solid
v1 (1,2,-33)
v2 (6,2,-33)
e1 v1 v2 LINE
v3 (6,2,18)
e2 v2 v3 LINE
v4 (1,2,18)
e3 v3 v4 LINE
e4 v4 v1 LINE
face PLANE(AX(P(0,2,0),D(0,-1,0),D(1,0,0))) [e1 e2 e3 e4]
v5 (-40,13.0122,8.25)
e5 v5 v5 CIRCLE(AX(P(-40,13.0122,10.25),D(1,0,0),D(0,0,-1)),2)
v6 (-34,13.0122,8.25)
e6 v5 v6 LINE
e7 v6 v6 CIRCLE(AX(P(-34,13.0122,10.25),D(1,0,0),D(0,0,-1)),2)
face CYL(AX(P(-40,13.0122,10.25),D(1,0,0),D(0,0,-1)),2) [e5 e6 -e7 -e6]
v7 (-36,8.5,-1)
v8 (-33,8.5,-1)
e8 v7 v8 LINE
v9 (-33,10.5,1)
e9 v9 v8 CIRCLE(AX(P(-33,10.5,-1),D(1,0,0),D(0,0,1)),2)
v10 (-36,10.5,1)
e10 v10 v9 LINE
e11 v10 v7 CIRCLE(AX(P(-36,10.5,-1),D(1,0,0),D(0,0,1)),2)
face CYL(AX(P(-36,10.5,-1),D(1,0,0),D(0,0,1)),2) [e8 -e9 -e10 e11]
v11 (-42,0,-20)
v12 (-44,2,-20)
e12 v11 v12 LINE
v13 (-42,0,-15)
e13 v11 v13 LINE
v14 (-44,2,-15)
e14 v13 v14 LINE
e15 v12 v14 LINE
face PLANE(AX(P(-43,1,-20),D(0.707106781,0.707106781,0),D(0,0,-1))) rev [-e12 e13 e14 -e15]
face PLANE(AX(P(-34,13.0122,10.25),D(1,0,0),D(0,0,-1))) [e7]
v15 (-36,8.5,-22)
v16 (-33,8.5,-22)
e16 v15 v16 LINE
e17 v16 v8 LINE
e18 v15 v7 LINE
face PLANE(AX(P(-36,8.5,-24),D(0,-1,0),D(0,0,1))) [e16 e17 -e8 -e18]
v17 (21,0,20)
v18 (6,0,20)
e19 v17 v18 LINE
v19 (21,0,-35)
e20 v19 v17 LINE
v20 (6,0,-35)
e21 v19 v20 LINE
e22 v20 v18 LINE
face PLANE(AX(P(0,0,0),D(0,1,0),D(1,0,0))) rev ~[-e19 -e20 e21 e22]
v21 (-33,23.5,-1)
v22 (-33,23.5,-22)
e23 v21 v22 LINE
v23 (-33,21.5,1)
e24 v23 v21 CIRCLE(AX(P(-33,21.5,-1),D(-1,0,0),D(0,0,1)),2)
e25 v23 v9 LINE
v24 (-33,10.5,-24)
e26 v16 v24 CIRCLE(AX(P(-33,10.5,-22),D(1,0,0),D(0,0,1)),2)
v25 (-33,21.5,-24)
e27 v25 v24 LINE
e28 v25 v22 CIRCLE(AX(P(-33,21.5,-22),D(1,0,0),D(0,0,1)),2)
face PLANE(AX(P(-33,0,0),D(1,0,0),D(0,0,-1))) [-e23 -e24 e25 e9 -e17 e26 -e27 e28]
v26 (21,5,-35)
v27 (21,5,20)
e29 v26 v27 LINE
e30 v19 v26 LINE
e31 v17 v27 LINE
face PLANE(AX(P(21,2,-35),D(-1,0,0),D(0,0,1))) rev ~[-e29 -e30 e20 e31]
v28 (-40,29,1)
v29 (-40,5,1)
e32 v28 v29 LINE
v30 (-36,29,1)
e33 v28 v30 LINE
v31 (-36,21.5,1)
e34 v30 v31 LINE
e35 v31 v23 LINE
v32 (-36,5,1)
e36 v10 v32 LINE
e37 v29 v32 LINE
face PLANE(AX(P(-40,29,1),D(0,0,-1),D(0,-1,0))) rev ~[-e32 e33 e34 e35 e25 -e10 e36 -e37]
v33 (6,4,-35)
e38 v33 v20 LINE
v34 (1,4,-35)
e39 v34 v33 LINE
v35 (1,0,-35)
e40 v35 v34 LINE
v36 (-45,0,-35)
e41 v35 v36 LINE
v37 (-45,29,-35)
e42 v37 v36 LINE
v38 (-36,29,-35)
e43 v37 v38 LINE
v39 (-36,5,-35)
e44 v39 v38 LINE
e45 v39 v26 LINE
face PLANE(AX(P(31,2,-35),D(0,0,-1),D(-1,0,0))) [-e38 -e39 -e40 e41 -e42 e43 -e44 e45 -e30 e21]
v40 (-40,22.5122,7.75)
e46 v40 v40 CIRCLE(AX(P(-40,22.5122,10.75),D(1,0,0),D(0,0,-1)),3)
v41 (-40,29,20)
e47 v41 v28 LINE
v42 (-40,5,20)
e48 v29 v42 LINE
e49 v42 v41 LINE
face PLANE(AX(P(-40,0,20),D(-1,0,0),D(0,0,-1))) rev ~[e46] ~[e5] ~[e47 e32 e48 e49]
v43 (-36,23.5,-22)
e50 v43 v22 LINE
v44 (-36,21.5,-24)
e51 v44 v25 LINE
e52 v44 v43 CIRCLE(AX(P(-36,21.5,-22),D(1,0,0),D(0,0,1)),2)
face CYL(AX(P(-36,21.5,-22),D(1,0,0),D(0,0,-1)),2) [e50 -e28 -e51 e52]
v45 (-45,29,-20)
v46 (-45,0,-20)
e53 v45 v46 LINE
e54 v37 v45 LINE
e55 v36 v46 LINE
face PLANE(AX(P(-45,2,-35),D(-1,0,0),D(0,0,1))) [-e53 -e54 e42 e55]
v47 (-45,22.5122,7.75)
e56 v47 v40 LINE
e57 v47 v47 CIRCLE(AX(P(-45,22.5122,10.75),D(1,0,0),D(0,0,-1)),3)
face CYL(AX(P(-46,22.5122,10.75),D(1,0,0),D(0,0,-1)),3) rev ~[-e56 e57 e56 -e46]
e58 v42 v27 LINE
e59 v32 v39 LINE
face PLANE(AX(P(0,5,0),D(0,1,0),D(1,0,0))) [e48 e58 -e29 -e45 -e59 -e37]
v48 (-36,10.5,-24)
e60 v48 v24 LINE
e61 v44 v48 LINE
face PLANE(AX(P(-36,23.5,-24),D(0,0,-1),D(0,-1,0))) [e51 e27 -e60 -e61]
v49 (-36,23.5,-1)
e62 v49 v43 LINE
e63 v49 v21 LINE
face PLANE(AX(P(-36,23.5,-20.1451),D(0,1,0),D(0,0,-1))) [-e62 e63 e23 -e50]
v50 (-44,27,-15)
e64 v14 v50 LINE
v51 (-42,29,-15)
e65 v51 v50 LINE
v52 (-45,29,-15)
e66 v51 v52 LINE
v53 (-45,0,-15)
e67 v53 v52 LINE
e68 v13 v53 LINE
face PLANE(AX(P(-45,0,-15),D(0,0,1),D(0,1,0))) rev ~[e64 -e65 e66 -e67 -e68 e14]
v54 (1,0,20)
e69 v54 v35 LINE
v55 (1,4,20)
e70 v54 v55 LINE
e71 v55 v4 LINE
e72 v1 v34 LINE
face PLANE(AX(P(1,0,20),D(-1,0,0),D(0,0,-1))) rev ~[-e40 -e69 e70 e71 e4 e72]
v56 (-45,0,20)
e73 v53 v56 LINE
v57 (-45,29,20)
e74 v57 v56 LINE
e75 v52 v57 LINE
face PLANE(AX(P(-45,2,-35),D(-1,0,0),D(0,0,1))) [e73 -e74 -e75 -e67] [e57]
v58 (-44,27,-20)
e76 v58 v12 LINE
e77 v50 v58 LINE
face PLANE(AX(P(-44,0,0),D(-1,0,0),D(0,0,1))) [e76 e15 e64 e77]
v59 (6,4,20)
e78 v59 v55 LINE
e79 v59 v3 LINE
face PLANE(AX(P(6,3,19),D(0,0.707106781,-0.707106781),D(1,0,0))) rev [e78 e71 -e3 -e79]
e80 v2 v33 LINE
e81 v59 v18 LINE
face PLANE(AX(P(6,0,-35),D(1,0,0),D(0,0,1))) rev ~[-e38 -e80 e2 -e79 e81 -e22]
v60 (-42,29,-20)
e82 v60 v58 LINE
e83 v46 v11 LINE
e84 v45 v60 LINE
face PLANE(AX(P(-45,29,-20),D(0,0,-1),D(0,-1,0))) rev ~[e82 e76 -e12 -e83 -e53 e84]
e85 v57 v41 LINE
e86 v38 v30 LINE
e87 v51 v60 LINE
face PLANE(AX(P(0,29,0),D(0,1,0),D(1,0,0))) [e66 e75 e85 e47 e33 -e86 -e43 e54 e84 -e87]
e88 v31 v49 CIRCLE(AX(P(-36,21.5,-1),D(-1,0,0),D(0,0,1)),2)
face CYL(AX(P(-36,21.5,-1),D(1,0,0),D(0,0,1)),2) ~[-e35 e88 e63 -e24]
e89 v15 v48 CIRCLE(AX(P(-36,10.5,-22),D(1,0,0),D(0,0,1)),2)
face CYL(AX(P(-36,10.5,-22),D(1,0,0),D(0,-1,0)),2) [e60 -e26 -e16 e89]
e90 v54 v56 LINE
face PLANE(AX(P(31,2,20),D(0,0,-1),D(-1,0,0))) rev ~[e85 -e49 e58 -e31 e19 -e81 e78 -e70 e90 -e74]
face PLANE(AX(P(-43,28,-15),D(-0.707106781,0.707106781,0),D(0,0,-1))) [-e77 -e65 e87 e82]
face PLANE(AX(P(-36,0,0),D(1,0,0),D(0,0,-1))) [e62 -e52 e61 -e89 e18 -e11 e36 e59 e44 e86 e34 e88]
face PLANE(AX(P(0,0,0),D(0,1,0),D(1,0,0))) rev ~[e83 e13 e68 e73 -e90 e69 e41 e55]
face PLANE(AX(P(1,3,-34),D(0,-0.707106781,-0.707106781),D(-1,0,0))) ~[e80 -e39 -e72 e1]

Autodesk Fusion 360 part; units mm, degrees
sketch "Sketch1" plane through (0, 0, 0) normal (0, 1, 0) x (1, 0, 0)
  line L0 (-40, 35) -> (31, 35)
  line L1 (31, 35) -> (31, -20)
  line L2 (31, -20) -> (-40, -20)
  line L3 (-40, -20) -> (-40, 35)
  line L4 (-40, 35) -> (-45, 35)
  line L5 (-45, 35) -> (-45, -20)
  line L6 (-45, -20) -> (-40, -20)
  line L7 (-40, -20) -> (-40, 35)
  dimension "d1" = 71
  dimension "d2" = 55
extrude "Extrude1" add sketch "Sketch1" along normal blind 3 contours L0 L1 L2 L3 L7 makes body 1
extrude "Extrude2" add sketch "Sketch1" along normal blind 3 contours L3 L4 L5 L6 L7 bodies 1
extrude "Extrude3" add sketch "Sketch1" along normal blind 29 separate body contours L3 L4 L5 L6 L7 makes body 2
sketch "Sketch2" plane through (-40, 0, 0) normal (1, 0, 0) x (0, 0, -1)
  line L0 (-20, 0) -> (35, 0)
  line L1 (35, 0) -> (35, 29)
  line L2 (35, 29) -> (-20, 29)
  line L3 (-20, 29) -> (-20, 0)
  line L4 (35, 29) -> (-1, 29)
  line L5 (-1, 29) -> (-1, 3)
  line L6 (-1, 3) -> (35, 3)
  line L7 (35, 3) -> (35, 29)
  line L8 (-20, 3) -> (35, 3)
  dimension "d9" = 36
extrude "Extrude4" add sketch "Sketch2" along normal blind 4 contours L1 L2 L4 L5 L6 L7 L8 bodies 1 2
sketch "Sketch3" plane through (-36, 0, 0) normal (1, 0, 0) x (0, 0, -1)
  line L0 (-1, 29) -> (-1, 3)
  line L1 (-1, 3) -> (35, 3)
  line L2 (35, 3) -> (35, 29)
  line L3 (35, 29) -> (-1, 29)
  line L4 (20.1451, 29) -> (20.1451, 23.5)
  line L5 (-1, 23.5) -> (24, 23.5)
  line L6 (24, 23.5) -> (24, 8.5)
  line L7 (24, 8.5) -> (-1, 8.5)
  line L8 (-1, 8.5) -> (-1, 23.5)
  dimension "d12" = 5.5
  dimension "d13" = 25
  dimension "d14" = 15
extrude "Extrude5" add sketch "Sketch3" along normal blind 3 contours L0 L5 L6 L7 L8 bodies 1
fillet "Fillet1" radius 2 4 edges at (-34.5, 23.5, 1) (-34.5, 8.5, 1) (-34.5, 23.5, -24) (-34.5, 8.5, -24) on bodies 1
sketch "Sketch4" plane through (-40, 0, 0) normal (1, 0, 0) x (0, 0, -1)
  line L0 (-20, 3) -> (-1, 3)
  line L1 (-1, 3) -> (-1, 29)
  line L2 (-1, 29) -> (-20, 29)
  line L3 (-20, 29) -> (-20, 3)
  line L4 (-11.8235, 29) -> (-11.8235, 22.5)
  line L5 (-20, 22.5122) -> (-10.75, 22.5122)
  dimension "d18" = 6.5
  dimension "d19" = 9.25
sketch "Sketch5" plane through (-45, 0, 0) normal (-1, 0, 0) x (0, 0, 1)
  line L0 (-35, 0) -> (20, 0)
  line L1 (20, 0) -> (20, 29)
  line L2 (20, 29) -> (-35, 29)
  line L3 (-35, 29) -> (-35, 0)
  line L4 (8.25, 22.5122) -> (8.25, 13.0122)
  line L5 (8.25, 13.0122) -> (10.25, 13.0122)
  dimension "d22" = 9.5
  dimension "d23" = 2
cylinder "CylinderPrimitive2" add diameter 4 height 6 placed x (0, 0, -1) y (0, 1, 0) z (1, 0, 0) at (-40, 13.0122, 10.25) bodies 1
extrude "Extrude6" add 1 faces at (8.6667, 3, -4.6667) along direction (0, 1, 0) blind 2 on bodies 1 bodies 1
extrude "Extrude7" cut 1 faces at (5.6667, 0, 1.6667) along direction (0, 1, 0) blind 2 on bodies 1 bodies 1
cylinder "CylinderPrimitive3" cut diameter 6 height -6 placed x (0, 0, -1) y (0, 1, 0) z (1, 0, 0) at (-40, 22.5122, 10.75) bodies 1
extrude "Extrude8" add 1 faces at (5.6667, 2, 1.6667) along direction (0, -1, 0) blind 2 on bodies 1 bodies 1
sketch "Sketch8" plane through (0, 0, 0) normal (0, -1, 0) x (1, 0, 0)
  line L0 (-45, -35) -> (31, -35)
  line L1 (31, -35) -> (31, 20)
  line L2 (31, 20) -> (-45, 20)
  line L3 (-45, 20) -> (-45, -35)
  line L4 (31, 20) -> (6, 20)
  line L5 (6, 20) -> (1, 20)
  line L6 (1, 20) -> (1, -35)
  line L7 (1, -35) -> (6, -35)
  line L8 (6, -35) -> (6, 20)
  dimension "d34" = 25
  dimension "d35" = 5
extrude "Extrude9" cut sketch "Sketch8" against normal blind 2 contours L0 L2 L5 L6 L7 L8 bodies 1
chamfer "Chamfer1" distance 2 angle 45 2 edges at (3.5, 2, 20) (3.5, 2, -35) on bodies 1
extrude "Extrude10" cut 1 faces at (31, 3.3333, -16.6667) along direction (-1, 0, 0) blind 10 on bodies 1 bodies 1
sketch "Sketch9" plane through (-45, 0, 0) normal (-1, 0, 0) x (0, 0, 1)
  circle A0 centre (10.75, 22.5122) radius 3
  line L0 (20, 0) -> (20, 29)
  line L1 (20, 29) -> (-35, 29)
  line L2 (-35, 29) -> (-35, 0)
  line L3 (-35, 0) -> (20, 0)
  line L4 (-20, 29) -> (-15, 29)
  line L5 (-15, 29) -> (-20, 29)
  line L6 (-20, 29) -> (-20, 0)
  line L7 (-20, 0) -> (-15, 0)
  line L8 (-15, 0) -> (-15, 29)
  dimension "d41" = 20
extrude "Extrude11" cut sketch "Sketch9" against normal blind 1 contours L1 L3 L4 L5 L6 L7 L8 bodies 1
chamfer "Chamfer2" distance 2 angle 45 2 edges at (-44, 29, -17.5) (-44, 0, -17.5) on bodies 1
